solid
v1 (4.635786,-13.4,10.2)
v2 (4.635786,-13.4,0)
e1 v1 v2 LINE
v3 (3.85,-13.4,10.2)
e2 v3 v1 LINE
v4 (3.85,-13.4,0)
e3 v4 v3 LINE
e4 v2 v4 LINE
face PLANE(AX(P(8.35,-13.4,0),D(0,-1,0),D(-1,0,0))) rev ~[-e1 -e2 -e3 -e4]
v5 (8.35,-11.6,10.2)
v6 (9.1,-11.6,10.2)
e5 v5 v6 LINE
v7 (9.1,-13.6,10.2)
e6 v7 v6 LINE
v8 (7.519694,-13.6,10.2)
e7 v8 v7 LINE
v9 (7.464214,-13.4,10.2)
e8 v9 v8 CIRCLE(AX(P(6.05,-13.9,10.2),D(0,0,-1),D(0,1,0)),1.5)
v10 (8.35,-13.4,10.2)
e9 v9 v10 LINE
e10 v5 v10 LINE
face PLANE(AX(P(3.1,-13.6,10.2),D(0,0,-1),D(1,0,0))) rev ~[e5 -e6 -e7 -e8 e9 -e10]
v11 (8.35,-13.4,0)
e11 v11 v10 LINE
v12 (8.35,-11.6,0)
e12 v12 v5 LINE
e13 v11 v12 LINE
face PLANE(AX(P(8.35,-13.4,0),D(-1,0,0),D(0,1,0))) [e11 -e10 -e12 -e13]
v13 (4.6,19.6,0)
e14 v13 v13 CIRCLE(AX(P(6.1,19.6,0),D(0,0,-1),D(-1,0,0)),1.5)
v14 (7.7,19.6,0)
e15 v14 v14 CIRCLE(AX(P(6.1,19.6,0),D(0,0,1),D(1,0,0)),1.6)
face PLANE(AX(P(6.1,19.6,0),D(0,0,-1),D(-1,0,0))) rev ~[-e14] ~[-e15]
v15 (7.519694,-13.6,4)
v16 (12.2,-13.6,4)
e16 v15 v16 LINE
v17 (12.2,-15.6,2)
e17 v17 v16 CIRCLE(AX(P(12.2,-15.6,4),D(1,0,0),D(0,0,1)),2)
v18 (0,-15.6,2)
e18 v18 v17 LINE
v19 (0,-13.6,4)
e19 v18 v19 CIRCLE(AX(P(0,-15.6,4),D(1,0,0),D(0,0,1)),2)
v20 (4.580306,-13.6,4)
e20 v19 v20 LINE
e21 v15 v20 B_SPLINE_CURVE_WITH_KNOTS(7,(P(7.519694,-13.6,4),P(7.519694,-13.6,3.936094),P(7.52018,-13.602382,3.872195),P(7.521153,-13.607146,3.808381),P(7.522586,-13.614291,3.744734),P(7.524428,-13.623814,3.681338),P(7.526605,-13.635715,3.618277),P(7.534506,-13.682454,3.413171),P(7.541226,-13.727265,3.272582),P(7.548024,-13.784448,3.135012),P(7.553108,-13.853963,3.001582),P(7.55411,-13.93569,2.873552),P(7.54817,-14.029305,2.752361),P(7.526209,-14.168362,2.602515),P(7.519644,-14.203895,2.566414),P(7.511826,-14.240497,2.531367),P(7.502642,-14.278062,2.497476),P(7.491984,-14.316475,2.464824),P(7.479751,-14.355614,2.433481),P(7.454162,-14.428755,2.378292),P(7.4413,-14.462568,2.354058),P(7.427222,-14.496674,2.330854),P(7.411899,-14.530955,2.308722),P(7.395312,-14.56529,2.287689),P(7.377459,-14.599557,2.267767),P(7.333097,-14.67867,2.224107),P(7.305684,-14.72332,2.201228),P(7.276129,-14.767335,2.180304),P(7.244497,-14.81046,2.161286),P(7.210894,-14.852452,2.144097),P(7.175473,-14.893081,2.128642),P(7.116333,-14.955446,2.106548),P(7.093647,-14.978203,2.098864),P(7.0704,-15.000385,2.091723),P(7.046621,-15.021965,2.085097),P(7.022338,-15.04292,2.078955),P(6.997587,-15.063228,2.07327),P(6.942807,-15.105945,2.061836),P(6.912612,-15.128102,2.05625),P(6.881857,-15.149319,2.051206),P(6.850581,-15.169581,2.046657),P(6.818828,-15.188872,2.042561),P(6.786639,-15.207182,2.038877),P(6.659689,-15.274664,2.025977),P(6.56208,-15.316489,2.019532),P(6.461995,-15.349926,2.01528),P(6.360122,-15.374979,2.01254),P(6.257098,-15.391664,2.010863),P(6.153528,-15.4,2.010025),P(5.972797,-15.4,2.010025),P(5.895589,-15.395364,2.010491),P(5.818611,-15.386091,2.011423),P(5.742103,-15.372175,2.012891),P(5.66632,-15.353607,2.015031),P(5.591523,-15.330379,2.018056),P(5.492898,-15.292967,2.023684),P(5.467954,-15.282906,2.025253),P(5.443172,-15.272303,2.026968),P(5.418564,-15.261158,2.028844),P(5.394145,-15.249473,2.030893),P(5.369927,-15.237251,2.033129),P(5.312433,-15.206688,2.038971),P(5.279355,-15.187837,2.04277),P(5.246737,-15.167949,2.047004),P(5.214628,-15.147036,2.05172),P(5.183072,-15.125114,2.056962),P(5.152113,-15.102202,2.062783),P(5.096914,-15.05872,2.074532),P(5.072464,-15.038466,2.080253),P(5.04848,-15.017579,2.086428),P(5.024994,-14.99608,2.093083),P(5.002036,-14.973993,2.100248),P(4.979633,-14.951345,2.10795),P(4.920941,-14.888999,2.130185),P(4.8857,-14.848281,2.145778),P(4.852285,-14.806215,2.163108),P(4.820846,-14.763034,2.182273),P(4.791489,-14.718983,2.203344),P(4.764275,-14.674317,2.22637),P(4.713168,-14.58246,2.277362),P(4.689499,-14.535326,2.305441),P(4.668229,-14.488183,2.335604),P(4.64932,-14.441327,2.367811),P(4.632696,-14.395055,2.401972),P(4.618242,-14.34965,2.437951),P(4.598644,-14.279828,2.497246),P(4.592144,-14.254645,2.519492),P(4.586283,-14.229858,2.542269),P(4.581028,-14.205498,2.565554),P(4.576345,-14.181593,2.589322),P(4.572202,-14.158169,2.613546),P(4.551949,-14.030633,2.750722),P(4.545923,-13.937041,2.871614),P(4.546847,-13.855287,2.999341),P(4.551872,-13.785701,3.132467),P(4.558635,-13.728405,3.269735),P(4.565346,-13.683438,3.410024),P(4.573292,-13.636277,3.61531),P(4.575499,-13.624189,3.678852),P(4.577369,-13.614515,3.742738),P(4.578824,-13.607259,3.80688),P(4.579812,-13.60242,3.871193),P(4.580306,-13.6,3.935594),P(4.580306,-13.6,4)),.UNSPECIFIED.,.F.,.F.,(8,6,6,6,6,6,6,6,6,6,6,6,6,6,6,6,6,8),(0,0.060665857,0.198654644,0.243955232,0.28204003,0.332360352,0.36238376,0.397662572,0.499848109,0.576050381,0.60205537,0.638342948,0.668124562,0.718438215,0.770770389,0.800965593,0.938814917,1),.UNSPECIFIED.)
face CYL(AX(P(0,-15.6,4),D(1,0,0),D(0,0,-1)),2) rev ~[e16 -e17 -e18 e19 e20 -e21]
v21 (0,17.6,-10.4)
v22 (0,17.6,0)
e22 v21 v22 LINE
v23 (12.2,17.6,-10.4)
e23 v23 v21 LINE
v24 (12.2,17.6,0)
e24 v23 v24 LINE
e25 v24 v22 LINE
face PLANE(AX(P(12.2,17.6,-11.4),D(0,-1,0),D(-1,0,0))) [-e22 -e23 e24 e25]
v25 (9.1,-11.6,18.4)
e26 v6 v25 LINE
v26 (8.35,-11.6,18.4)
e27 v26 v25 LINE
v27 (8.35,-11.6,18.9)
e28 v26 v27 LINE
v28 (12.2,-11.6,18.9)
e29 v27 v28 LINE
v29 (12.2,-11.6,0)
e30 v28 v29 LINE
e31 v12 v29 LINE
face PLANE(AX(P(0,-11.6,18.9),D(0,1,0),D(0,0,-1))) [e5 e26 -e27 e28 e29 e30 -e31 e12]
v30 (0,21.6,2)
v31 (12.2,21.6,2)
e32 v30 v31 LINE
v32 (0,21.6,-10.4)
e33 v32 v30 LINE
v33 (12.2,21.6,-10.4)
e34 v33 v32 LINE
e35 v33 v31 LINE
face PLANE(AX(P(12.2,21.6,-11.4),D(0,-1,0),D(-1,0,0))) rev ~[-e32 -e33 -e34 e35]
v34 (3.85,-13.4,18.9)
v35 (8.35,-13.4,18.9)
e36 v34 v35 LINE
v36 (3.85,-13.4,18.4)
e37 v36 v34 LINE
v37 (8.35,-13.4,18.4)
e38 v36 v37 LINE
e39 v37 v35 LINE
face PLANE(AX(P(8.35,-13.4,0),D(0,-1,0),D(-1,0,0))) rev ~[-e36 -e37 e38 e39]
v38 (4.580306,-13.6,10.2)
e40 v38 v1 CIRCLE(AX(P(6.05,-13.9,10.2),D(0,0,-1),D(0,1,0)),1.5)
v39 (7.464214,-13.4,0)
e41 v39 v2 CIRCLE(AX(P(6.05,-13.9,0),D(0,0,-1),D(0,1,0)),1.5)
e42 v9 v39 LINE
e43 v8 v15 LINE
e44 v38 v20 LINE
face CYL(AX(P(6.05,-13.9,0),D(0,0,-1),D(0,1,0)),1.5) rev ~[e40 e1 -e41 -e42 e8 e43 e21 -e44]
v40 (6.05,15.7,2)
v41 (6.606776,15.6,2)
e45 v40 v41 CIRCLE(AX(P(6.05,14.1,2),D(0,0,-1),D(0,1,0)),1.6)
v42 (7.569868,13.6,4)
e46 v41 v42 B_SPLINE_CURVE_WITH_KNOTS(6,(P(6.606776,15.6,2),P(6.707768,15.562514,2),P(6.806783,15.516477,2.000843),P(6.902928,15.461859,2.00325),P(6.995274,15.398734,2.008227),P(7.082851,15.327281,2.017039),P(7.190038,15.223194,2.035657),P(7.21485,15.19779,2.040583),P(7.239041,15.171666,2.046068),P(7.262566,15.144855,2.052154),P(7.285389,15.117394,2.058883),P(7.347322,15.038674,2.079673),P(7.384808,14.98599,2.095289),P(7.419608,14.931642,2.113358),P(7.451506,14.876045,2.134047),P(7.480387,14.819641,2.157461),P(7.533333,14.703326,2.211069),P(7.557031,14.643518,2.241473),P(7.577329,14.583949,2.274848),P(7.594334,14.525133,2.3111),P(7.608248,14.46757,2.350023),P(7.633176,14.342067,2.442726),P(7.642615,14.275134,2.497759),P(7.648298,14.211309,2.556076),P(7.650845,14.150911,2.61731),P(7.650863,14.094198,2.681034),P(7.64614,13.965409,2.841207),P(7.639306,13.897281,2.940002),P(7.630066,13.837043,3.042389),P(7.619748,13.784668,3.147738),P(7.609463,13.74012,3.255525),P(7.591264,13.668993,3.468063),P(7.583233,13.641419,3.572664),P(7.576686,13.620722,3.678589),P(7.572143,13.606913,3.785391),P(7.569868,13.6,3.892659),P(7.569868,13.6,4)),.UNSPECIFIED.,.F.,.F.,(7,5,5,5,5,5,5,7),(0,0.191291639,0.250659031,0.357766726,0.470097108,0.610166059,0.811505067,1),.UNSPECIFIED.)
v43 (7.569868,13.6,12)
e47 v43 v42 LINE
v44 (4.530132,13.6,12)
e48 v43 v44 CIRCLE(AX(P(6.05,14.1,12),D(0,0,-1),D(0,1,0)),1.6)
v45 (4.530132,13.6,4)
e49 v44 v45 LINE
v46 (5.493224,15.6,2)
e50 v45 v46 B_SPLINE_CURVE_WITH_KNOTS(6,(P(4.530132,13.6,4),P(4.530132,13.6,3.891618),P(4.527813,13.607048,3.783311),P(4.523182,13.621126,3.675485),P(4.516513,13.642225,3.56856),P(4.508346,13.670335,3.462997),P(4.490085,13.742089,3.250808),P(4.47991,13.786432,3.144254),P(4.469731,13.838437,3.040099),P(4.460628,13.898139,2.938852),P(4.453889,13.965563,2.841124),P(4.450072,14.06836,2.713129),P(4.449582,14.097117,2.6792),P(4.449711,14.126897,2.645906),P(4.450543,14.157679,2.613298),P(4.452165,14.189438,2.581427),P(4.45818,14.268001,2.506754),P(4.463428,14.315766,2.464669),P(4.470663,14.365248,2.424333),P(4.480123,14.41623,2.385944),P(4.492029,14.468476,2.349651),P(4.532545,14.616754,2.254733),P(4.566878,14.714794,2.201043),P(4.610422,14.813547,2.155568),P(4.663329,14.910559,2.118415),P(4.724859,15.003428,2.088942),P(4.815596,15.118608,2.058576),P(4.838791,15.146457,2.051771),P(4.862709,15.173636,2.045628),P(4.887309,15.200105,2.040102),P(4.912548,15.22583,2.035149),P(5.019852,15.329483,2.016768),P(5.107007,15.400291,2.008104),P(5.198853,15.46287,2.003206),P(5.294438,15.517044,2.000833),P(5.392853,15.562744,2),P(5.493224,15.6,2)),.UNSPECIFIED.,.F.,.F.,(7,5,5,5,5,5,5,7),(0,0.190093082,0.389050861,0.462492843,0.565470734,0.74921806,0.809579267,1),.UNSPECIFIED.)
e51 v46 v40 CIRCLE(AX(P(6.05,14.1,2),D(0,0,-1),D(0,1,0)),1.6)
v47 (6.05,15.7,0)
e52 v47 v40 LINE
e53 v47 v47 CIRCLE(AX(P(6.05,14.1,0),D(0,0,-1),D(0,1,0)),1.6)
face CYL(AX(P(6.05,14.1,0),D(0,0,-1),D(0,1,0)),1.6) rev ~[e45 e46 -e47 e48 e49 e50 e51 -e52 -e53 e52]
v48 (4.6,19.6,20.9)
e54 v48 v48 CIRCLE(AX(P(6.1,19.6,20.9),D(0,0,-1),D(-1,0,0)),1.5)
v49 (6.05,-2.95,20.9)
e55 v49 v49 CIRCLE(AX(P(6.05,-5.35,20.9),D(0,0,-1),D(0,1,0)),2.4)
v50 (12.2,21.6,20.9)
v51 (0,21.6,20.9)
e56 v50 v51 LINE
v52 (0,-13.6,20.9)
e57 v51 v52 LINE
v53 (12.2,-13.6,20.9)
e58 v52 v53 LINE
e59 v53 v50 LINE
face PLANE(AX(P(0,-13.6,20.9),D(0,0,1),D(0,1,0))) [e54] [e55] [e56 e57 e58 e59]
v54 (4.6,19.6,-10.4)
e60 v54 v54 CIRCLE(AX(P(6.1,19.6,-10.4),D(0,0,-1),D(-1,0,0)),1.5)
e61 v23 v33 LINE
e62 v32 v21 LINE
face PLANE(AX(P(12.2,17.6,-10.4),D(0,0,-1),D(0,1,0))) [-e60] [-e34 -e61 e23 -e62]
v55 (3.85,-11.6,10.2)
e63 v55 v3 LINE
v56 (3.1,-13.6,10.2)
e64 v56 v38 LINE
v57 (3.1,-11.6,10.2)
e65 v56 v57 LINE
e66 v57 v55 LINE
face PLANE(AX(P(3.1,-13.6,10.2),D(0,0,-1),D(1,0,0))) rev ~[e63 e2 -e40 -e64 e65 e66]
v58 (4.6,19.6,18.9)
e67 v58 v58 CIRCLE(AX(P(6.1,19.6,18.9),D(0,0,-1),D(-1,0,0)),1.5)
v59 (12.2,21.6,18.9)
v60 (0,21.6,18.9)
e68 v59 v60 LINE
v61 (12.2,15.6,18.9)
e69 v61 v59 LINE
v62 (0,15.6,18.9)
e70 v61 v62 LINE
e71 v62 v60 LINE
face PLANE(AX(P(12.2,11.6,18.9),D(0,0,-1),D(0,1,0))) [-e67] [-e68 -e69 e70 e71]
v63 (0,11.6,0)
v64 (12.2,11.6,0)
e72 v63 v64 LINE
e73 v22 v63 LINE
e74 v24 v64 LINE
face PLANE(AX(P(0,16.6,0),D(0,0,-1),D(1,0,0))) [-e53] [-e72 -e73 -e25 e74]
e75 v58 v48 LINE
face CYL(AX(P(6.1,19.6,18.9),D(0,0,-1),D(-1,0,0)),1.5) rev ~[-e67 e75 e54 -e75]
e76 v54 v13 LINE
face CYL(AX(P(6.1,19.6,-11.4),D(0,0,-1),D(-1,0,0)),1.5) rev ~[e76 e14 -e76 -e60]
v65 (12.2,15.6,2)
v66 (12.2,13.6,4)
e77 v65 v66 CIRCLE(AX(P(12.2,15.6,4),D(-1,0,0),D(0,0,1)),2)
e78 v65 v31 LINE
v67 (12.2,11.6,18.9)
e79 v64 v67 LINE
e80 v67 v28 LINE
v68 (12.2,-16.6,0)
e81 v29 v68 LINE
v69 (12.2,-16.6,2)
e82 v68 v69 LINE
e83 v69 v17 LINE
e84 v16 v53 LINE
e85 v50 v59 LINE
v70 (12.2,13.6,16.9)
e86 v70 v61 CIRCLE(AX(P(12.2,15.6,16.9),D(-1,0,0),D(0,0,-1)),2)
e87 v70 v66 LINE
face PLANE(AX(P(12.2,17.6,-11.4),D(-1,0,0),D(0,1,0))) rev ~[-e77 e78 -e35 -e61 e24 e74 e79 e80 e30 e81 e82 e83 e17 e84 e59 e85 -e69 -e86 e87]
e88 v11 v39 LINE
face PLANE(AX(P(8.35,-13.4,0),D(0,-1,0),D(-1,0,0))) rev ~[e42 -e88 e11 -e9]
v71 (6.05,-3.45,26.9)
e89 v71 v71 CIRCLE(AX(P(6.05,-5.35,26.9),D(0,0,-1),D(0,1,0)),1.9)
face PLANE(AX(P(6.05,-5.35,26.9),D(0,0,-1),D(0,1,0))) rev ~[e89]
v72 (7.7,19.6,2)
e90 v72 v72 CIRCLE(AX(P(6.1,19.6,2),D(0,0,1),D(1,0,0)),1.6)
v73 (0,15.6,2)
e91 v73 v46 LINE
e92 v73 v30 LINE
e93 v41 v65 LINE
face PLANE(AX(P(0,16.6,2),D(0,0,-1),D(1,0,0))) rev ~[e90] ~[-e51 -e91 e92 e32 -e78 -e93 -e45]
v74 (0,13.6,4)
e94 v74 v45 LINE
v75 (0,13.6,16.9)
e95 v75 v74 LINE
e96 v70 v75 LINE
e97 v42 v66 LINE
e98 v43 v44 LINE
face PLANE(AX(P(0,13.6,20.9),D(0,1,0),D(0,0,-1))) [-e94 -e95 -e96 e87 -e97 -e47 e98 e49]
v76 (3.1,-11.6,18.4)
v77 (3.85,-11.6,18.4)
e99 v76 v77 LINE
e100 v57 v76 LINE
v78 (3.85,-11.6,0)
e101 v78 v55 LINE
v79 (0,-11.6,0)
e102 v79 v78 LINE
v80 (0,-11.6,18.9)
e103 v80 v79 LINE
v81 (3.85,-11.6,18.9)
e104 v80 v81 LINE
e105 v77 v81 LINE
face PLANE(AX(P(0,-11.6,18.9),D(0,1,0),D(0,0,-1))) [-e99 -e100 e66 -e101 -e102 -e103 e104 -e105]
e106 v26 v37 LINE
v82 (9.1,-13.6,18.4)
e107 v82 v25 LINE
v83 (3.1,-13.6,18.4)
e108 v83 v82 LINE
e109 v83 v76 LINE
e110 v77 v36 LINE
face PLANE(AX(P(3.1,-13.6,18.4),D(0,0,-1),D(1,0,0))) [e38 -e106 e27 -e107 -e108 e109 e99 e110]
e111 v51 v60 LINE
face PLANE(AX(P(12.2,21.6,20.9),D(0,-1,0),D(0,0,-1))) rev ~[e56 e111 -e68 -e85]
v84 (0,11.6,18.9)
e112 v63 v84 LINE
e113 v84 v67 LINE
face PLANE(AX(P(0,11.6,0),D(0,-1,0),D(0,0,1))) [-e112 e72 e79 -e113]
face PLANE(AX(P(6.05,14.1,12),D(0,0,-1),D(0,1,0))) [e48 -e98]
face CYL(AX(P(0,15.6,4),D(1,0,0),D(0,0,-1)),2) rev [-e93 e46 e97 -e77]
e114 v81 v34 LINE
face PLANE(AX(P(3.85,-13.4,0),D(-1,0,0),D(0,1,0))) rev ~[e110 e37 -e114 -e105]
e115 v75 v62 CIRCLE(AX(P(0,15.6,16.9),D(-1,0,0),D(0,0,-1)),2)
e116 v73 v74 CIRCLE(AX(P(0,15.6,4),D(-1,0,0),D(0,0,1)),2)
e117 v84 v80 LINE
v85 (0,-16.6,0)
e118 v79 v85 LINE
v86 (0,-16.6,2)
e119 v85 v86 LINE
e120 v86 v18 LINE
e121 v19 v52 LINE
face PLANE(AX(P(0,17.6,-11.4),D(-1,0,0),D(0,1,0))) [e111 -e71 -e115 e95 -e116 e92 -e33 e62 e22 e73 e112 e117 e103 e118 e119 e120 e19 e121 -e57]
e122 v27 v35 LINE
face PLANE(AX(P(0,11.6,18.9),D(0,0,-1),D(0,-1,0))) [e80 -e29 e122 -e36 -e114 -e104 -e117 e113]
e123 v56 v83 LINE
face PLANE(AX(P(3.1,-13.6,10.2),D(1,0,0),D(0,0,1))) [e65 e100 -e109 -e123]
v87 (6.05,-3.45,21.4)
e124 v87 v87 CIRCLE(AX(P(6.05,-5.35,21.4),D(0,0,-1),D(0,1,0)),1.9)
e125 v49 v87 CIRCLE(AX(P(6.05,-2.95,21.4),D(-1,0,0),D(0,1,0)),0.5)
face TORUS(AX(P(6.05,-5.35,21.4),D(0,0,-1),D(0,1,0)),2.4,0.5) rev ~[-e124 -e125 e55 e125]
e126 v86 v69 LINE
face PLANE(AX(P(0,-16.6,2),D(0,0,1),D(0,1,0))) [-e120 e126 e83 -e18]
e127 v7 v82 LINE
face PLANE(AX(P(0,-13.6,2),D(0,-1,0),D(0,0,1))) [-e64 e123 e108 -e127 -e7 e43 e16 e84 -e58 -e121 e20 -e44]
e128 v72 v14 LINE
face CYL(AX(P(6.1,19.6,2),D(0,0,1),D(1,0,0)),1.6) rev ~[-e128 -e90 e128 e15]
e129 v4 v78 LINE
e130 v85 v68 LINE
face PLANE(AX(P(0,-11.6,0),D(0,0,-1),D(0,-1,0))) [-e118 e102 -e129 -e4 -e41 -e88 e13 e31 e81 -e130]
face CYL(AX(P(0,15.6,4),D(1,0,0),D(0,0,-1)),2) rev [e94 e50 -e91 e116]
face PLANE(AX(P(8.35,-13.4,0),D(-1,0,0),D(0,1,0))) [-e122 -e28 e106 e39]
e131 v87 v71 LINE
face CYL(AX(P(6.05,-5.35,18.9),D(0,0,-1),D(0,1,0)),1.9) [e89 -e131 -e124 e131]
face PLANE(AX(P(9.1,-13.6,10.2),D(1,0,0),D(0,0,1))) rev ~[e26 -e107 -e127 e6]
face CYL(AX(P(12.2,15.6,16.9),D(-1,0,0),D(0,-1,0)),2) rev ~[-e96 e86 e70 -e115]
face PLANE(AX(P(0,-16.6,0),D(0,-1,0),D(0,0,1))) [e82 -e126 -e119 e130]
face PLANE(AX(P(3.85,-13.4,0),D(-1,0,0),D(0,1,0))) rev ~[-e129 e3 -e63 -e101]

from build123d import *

# Parameters (mm, degrees)
EXTRUDE_THIN1_DEPTH = 12.2
SKETCH2_R           = 1.3
CUT_EXTRUDE1_DEPTH  = 28.957288853
SKETCH3_W           = 2
SKETCH3_H           = 10
BOSS_EXTRUDE1_DEPTH = 12.2
FILLET1_R           = 2
SKETCH4_R           = 1.5
CUT_EXTRUDE2_DEPTH  = 32.186695881
SKETCH5_W           = 12.2
SKETCH5_H           = 2
BOSS_EXTRUDE2_DEPTH = 5
SKETCH8_R           = 1.6
CUT_EXTRUDE4_DEPTH  = 3
BOSS_EXTRUDE3_START = 11.4
SKETCH9_W           = 12.2
SKETCH9_H           = 4
SKETCH9_R           = 1.5
BOSS_EXTRUDE3_DEPTH = 11.4
SKETCH10_R          = 1.5
SKETCH10_R_2        = 1.6
CUT_EXTRUDE5_DEPTH  = 12
SKETCH12_R          = 1.9
BOSS_EXTRUDE5_DEPTH = 8
SKETCH13_W          = 1
SKETCH13_H          = 4
CUT_EXTRUDE6_DEPTH  = 37.592485601
FILLET4_R           = 0.5
CUT_EXTRUDE7_REACH  = 38.592
SKETCH14_W          = 4.5
SKETCH14_H          = 1.8
CUT_EXTRUDE8_REACH  = 47.951
SKETCH15_W          = 6
SKETCH15_H          = 8.2


with BuildPart() as part:
    # Sketch1 → Extrude-Thin1 (new body)
    with BuildSketch(Plane(origin=(0, 0, 0), x_dir=(0, 0, -1), z_dir=(1, 0, 0))):
        Polygon((0, 16.6), (0, 11.6), (-18.9, 11.6), (-18.9, -11.6), (0, -11.6), (0, -16.6), (-2, -16.6), (-2, -13.6), (-20.9, -13.6), (-20.9, 13.6), (-2, 13.6), (-2, 16.6), align=None)
    extrude(amount=EXTRUDE_THIN1_DEPTH)

    # Sketch2 → Cut-Extrude1 (cut, through all)
    with BuildSketch(Plane(origin=(0, 0, 18.9), x_dir=(-1, 0, 0), z_dir=(0, 0, -1))):
        with Locations(Location((-6.05, -5.15, 0), (0, 0, 90))):
            Circle(SKETCH2_R)
    extrude(amount=-CUT_EXTRUDE1_DEPTH, mode=Mode.SUBTRACT)

    # Sketch3 → Boss-Extrude1 (add)
    with BuildSketch(Plane(origin=(12.2, 0, 0), x_dir=(0, 0, -1), z_dir=(1, 0, 0))):
        with Locations((-19.9, 16.6)):
            Rectangle(SKETCH3_W, SKETCH3_H)
    extrude(amount=-BOSS_EXTRUDE1_DEPTH)

    # Fillet1
    fillet1_edges = [part.edges().sort_by_distance(p)[0] for p in [
        (6.1, -13.6, 2),
        (6.1, 13.6, 2),
        (6.1, 13.6, 18.9),
    ]]
    fillet(fillet1_edges, radius=FILLET1_R)

    # Sketch4 → Cut-Extrude2 (cut, through all)
    with BuildSketch(Plane(origin=(0, 0, 18.9), x_dir=(-1, 0, 0), z_dir=(0, 0, -1))):
        with Locations((-6.1, 19.6)):
            Circle(SKETCH4_R)
    extrude(amount=-CUT_EXTRUDE2_DEPTH, mode=Mode.SUBTRACT)

    # Sketch5 → Boss-Extrude2 (add)
    with BuildSketch(Plane(origin=(0, 16.6, 0), x_dir=(1, 0, 0), z_dir=(0, 1, 0))):
        with Locations((6.1, -1)):
            Rectangle(SKETCH5_W, SKETCH5_H)
    extrude(amount=BOSS_EXTRUDE2_DEPTH)

    # Sketch8 → Cut-Extrude4 (cut)
    with BuildSketch(Plane.XY.offset(2)):
        with Locations((6.1, 19.6)):
            Circle(SKETCH8_R)
    extrude(amount=-CUT_EXTRUDE4_DEPTH, mode=Mode.SUBTRACT)

    # Sketch9 → Boss-Extrude3 (add)
    with BuildSketch(Plane(origin=(0, 0, 0), x_dir=(-1, 0, 0), z_dir=(0, 0, -1)).offset(BOSS_EXTRUDE3_START)):
        with Locations((-6.1, 19.6)):
            Rectangle(SKETCH9_W, SKETCH9_H)
        with Locations((-6.1, 19.6)):
            Circle(SKETCH9_R, mode=Mode.SUBTRACT)
    extrude(amount=-BOSS_EXTRUDE3_DEPTH)

    # Sketch10 → Cut-Extrude5 (cut)
    with BuildSketch(Plane(origin=(0, 0, 0), x_dir=(-1, 0, 0), z_dir=(0, 0, -1))):
        with Locations(Location((-6.05, -13.9, 0), (0, 0, 90))):
            Circle(SKETCH10_R)
        with Locations(Location((-6.05, 14.1, 0), (0, 0, 90))):
            Circle(SKETCH10_R_2)
    extrude(amount=-CUT_EXTRUDE5_DEPTH, mode=Mode.SUBTRACT)

    # Sketch12 → Boss-Extrude5 (add)
    with BuildSketch(Plane(origin=(0, 0, 18.9), x_dir=(-1, 0, 0), z_dir=(0, 0, -1))):
        with Locations(Location((-6.05, -5.35, 0), (0, 0, 90))):
            Circle(SKETCH12_R)
    extrude(amount=-BOSS_EXTRUDE5_DEPTH)

    # Sketch13 → Cut-Extrude6 (cut, through all)
    with BuildSketch(Plane(origin=(12.2, 0, 0), x_dir=(0, 0, -1), z_dir=(1, 0, 0))):
        with Locations((10.9, 19.6)):
            Rectangle(SKETCH13_W, SKETCH13_H)
    extrude(amount=-CUT_EXTRUDE6_DEPTH, mode=Mode.SUBTRACT)

    # Fillet4
    fillet4_edges = [part.edges().sort_by_distance(p)[0] for p in [
        (6.05, -7.25, 20.9),
    ]]
    fillet(fillet4_edges, radius=FILLET4_R)

    # Cut-Extrude7: up to this face of the body (flat: up to its plane)
    cut_extrude7_end = Plane(part.part.faces().sort_by_distance((6.1, 0, 18.9))[0])
    # Sketch14 → Cut-Extrude7 (cut, up to the picked face)
    with BuildSketch(Plane(origin=(0, 0, 0), x_dir=(-1, 0, 0), z_dir=(0, 0, -1)), mode=Mode.PRIVATE) as cut_extrude7_sk1:
        with Locations((-6.1, -12.5)):
            Rectangle(SKETCH14_W, SKETCH14_H)
    cut_extrude7_tool1 = split(extrude(cut_extrude7_sk1.sketch, amount=-CUT_EXTRUDE7_REACH, mode=Mode.PRIVATE), bisect_by=cut_extrude7_end, keep=Keep.BOTH, mode=Mode.PRIVATE)
    add(cut_extrude7_tool1.solids().sort_by(Axis((6.1, -12.5, 0), (0, 0, 1)))[0], mode=Mode.SUBTRACT)

    # Cut-Extrude8: up to this face of the body (flat: up to its plane)
    cut_extrude8_end = Plane(part.part.faces().sort_by_distance((1.925, -11.6, 9.45))[0])
    # Sketch15 → Cut-Extrude8 (cut, up to the picked face)
    with BuildSketch(Plane.XZ.offset(13.6), mode=Mode.PRIVATE) as cut_extrude8_sk1:
        with Locations((6.1, 14.3)):
            Rectangle(SKETCH15_W, SKETCH15_H)
    cut_extrude8_tool1 = split(extrude(cut_extrude8_sk1.sketch, amount=-CUT_EXTRUDE8_REACH, mode=Mode.PRIVATE), bisect_by=cut_extrude8_end, keep=Keep.BOTH, mode=Mode.PRIVATE)
    add(cut_extrude8_tool1.solids().sort_by(Axis((6.1, -13.6, 14.3), (0, 1, 0)))[0], mode=Mode.SUBTRACT)


solid = part.part
